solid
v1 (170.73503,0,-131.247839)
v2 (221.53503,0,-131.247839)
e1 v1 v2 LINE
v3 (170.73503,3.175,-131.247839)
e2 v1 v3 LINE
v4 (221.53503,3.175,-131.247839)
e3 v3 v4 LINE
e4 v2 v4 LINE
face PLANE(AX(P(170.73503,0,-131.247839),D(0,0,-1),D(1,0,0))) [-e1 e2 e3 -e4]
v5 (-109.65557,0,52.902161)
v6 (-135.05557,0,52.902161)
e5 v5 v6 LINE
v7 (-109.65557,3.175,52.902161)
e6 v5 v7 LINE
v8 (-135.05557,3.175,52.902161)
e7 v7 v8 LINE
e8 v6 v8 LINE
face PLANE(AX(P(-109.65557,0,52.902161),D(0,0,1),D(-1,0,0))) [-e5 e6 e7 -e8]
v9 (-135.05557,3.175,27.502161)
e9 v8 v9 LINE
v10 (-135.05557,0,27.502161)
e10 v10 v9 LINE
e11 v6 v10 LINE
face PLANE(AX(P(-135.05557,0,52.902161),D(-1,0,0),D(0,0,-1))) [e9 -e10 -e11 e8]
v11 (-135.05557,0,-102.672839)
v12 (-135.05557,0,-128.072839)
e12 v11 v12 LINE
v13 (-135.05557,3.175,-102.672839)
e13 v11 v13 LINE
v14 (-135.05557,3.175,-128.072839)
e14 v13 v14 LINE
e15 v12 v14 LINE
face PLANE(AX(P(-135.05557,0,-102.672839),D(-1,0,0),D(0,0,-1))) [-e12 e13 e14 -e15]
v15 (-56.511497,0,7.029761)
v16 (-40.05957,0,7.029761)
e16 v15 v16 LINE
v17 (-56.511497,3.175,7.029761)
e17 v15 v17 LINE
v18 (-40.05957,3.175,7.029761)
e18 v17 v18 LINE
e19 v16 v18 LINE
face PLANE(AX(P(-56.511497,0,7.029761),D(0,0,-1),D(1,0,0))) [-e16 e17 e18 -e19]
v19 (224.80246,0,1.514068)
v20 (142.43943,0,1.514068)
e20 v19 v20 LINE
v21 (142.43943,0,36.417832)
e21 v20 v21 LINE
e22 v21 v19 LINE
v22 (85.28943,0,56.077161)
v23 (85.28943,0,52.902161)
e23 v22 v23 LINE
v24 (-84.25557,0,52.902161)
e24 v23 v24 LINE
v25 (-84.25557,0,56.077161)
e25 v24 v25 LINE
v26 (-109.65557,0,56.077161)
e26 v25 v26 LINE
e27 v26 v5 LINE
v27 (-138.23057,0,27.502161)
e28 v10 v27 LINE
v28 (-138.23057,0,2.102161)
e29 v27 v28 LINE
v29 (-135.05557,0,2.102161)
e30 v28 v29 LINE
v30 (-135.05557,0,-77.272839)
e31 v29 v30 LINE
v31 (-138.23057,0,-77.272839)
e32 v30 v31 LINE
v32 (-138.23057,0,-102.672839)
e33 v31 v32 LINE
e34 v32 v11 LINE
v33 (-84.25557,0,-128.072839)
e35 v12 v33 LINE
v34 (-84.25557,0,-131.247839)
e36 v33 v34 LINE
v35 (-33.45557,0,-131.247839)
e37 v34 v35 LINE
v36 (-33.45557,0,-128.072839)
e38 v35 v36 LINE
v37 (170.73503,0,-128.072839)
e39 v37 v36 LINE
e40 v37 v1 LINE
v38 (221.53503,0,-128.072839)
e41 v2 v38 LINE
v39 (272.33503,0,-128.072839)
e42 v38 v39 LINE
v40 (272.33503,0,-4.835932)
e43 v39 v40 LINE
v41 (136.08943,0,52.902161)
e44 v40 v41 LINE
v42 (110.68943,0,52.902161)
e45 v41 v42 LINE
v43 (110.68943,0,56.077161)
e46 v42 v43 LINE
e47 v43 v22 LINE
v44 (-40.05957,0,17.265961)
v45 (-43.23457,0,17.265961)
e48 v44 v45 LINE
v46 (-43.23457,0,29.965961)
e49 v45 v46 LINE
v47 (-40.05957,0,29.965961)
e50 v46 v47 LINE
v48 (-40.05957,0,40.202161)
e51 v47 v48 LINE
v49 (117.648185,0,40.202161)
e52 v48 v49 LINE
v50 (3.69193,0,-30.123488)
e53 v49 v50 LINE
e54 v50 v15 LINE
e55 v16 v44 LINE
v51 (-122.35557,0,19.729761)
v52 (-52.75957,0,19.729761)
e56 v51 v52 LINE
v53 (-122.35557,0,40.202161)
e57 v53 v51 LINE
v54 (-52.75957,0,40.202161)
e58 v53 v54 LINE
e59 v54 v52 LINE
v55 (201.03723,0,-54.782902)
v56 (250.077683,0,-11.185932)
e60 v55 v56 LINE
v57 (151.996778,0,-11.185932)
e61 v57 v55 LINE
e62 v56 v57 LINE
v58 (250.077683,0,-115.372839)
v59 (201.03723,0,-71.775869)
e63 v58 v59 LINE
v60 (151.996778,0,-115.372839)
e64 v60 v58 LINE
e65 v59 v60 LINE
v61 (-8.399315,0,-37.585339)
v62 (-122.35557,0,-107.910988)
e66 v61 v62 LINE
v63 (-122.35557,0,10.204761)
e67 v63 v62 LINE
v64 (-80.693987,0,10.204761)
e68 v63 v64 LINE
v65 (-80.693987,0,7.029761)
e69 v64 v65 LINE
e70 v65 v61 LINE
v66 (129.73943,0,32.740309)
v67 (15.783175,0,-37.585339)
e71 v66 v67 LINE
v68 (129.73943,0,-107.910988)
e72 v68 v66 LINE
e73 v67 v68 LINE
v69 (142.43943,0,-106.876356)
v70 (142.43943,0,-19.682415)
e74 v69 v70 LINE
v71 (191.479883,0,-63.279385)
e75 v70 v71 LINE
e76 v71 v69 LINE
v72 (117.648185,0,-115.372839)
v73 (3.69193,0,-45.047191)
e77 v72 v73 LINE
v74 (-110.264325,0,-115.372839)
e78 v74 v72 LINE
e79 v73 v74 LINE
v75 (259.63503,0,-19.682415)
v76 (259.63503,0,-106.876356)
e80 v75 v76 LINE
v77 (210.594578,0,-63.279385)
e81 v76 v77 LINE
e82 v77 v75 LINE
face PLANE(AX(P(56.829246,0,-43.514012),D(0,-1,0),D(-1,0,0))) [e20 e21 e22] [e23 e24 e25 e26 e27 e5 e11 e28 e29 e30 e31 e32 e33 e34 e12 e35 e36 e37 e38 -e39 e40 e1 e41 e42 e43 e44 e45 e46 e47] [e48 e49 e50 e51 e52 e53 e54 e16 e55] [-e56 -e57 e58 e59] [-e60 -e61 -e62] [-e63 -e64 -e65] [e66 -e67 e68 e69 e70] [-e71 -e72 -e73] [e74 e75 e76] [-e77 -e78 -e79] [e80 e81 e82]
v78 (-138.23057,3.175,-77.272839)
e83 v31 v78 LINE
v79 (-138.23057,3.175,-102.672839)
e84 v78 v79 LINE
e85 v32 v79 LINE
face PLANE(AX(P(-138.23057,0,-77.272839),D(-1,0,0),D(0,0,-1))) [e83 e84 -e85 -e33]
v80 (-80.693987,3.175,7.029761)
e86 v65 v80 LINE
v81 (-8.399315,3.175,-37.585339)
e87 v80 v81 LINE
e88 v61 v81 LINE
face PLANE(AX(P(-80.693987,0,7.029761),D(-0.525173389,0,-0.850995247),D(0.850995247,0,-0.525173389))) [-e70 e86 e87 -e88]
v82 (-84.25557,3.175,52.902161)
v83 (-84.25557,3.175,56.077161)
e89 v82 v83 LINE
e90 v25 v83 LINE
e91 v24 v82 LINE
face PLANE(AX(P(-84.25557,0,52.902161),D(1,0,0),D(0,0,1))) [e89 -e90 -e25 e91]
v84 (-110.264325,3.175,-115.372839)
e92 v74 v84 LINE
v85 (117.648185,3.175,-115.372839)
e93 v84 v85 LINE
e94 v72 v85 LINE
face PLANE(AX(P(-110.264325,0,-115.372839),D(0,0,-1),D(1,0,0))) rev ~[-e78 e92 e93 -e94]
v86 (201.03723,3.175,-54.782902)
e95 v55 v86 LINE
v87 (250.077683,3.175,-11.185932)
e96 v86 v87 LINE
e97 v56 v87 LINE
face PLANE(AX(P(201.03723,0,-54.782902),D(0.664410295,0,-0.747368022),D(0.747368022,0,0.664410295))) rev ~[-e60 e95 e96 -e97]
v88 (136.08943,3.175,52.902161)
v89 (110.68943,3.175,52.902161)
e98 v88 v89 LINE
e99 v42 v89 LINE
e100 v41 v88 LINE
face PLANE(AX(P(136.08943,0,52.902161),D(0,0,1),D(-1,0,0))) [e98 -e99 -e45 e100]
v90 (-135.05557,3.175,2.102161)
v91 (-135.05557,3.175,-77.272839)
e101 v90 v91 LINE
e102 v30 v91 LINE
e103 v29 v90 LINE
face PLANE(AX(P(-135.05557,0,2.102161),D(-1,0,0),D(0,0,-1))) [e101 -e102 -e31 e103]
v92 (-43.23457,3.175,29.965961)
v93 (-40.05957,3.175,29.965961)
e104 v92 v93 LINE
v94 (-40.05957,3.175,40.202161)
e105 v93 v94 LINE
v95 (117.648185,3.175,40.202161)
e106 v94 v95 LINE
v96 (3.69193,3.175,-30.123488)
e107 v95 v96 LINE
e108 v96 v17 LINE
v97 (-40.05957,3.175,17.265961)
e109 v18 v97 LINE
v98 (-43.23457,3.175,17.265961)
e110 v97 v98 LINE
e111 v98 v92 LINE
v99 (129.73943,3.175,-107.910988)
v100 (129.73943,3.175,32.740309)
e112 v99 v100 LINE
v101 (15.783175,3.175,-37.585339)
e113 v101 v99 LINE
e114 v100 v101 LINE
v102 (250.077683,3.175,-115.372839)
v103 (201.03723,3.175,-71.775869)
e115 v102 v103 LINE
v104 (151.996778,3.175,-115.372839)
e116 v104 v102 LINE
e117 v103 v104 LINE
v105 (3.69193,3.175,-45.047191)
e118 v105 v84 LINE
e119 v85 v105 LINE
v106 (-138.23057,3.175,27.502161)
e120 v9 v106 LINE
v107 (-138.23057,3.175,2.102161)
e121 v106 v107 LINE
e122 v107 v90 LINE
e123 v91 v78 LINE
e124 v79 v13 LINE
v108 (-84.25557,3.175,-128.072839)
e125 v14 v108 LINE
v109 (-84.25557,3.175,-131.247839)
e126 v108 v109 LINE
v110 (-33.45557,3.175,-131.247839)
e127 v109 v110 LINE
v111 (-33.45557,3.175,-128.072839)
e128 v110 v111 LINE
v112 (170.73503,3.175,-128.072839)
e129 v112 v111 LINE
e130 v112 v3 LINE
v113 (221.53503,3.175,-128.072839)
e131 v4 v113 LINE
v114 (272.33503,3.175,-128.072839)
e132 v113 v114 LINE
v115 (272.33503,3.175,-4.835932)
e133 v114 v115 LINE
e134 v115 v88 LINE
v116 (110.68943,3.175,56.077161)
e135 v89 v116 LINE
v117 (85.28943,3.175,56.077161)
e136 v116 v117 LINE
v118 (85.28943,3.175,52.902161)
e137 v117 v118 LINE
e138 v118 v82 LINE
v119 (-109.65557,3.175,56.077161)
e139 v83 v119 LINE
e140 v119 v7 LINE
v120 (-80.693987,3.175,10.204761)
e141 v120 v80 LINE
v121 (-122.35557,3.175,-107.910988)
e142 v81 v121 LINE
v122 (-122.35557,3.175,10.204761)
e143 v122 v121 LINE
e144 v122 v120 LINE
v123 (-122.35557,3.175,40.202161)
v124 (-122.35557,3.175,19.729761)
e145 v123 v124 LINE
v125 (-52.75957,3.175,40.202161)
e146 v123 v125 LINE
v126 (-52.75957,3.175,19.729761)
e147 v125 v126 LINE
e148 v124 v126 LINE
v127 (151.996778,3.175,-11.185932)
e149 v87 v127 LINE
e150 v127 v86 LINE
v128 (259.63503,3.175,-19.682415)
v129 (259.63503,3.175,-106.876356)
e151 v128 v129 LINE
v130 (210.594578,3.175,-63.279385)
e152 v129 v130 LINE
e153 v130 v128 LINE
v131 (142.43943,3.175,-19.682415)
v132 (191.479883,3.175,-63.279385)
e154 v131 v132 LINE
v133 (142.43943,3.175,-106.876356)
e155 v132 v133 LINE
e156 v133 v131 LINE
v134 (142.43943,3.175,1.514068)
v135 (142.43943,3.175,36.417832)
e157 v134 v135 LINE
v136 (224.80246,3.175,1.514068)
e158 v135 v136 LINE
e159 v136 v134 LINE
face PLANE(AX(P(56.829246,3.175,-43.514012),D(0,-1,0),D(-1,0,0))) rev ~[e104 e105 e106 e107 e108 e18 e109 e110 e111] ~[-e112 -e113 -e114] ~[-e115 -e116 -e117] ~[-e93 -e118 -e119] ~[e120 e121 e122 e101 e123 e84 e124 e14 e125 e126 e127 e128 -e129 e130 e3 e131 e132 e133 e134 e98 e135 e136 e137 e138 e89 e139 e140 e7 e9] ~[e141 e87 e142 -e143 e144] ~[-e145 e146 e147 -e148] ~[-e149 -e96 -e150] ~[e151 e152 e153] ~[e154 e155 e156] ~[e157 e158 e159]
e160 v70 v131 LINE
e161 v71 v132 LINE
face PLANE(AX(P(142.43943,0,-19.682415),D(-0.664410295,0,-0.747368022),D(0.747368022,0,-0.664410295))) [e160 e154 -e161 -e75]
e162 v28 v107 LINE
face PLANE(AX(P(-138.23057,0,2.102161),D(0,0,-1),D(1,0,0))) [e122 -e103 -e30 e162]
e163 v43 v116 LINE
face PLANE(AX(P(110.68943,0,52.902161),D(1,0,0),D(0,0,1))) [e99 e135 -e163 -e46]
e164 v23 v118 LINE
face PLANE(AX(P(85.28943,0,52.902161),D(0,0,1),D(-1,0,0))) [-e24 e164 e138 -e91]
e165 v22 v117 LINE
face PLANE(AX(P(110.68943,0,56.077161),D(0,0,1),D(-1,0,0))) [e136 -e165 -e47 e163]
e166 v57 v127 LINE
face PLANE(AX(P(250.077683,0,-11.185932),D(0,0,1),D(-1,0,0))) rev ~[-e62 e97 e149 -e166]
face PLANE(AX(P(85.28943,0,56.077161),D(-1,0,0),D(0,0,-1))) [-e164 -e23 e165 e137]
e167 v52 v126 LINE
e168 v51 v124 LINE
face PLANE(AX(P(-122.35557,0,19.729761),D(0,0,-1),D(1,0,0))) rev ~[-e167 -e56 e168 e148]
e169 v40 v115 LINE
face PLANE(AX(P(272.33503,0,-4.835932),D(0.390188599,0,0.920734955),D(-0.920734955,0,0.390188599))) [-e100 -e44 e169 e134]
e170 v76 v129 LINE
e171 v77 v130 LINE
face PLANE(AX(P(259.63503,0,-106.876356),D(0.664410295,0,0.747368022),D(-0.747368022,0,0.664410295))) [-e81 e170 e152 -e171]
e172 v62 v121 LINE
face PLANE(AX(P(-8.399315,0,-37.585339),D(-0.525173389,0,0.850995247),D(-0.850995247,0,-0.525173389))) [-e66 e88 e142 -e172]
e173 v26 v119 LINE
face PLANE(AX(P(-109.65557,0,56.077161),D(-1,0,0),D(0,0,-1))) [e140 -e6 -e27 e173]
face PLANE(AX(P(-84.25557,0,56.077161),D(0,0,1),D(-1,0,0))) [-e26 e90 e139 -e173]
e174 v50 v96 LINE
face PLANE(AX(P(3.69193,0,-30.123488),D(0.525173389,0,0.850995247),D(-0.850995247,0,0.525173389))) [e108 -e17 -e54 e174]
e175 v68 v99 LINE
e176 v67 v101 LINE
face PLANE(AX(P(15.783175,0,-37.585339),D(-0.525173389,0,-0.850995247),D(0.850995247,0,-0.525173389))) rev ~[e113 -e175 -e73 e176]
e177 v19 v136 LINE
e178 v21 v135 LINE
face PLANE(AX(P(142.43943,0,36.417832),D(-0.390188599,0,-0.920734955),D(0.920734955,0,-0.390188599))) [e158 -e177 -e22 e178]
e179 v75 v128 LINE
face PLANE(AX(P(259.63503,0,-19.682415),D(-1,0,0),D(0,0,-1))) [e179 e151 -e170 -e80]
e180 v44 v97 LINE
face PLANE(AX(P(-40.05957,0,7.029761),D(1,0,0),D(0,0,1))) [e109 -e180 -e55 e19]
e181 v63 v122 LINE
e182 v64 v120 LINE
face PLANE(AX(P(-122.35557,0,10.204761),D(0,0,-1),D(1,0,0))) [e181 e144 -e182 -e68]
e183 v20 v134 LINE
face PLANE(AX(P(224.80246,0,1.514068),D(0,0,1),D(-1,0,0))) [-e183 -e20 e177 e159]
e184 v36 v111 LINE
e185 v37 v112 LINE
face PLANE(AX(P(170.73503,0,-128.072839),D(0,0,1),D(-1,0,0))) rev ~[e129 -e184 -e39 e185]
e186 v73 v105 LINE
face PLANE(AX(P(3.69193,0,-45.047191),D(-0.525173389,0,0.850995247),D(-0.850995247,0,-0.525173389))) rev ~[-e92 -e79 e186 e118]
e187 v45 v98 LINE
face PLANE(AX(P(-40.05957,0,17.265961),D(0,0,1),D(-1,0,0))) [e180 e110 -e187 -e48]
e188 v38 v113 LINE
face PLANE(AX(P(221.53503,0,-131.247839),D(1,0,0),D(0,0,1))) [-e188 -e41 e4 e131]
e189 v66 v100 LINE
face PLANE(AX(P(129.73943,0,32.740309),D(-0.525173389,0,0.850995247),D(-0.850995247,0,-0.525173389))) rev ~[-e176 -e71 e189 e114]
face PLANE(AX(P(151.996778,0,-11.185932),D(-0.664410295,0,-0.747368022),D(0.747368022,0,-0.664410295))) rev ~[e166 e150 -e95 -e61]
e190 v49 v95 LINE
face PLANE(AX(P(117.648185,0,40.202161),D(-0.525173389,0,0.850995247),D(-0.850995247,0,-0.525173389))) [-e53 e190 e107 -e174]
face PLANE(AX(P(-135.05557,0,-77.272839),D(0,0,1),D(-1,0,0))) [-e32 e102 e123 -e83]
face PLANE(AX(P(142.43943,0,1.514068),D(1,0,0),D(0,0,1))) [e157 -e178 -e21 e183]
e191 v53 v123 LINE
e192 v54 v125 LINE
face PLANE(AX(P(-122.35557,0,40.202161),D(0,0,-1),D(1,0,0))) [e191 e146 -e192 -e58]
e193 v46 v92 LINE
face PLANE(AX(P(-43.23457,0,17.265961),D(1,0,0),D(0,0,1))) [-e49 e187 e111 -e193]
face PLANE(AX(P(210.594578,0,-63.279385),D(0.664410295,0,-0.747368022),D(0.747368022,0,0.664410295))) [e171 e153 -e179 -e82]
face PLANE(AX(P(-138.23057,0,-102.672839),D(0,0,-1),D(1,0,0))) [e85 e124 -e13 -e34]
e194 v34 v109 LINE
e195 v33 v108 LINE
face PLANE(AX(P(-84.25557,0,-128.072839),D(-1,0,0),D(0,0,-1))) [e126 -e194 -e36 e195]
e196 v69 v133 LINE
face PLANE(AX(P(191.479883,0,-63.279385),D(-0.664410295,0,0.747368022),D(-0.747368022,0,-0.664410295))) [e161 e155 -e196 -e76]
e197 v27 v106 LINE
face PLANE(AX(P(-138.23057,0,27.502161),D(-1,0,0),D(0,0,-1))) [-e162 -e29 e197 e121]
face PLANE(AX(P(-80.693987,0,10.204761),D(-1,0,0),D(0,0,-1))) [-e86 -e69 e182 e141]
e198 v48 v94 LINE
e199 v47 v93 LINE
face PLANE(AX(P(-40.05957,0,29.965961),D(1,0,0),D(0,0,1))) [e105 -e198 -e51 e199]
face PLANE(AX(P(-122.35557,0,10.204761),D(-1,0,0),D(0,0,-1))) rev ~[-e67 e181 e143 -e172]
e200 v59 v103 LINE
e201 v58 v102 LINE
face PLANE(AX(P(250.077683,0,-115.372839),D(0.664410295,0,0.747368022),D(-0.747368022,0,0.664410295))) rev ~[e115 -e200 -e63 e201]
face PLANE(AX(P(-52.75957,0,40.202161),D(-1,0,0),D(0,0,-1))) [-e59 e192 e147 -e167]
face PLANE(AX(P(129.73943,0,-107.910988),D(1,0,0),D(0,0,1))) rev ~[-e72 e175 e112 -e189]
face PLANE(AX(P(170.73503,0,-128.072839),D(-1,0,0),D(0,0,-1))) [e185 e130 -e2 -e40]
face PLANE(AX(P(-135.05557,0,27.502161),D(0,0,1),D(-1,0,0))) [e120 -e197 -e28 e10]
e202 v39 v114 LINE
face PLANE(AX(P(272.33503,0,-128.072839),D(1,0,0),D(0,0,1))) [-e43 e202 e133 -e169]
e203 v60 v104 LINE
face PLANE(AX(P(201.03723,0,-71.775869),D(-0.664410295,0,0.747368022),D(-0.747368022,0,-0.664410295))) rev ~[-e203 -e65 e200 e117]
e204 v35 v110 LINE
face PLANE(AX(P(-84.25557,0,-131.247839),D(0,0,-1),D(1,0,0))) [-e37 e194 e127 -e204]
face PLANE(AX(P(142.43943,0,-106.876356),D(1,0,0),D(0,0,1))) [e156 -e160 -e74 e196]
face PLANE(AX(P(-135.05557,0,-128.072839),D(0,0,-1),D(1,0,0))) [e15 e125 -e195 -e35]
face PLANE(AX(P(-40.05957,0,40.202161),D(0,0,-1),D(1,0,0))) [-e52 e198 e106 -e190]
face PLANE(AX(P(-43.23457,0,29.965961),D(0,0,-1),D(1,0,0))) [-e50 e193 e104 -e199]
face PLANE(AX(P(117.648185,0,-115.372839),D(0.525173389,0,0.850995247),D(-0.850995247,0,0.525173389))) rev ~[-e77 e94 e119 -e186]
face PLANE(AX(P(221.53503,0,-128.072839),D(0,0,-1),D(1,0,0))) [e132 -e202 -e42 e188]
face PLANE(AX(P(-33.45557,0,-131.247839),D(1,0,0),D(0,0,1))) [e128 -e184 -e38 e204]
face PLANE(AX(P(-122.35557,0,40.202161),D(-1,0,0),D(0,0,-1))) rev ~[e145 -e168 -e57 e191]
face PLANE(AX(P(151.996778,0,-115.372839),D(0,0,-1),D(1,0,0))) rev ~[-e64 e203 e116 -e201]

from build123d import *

# Parameters (mm, degrees)
SKETCH1_W           = 69.596
SKETCH1_H           = 20.4724
BOSS_EXTRUDE1_DEPTH = 3.175


with BuildPart() as part:
    # Sketch1 → Boss-Extrude1 (new body)
    with BuildSketch(Plane(origin=(0, 0, 0), x_dir=(1, 0, 0), z_dir=(0, 1, 0))):
        Polygon((272.33503015, 4.835931583), (136.08943015, -52.902160647), (110.68943015, -52.902160647), (110.68943015, -56.077160647), (85.28943015, -56.077160647), (85.28943015, -52.902160647), (-84.25556985, -52.902160647), (-84.25556985, -56.077160647), (-109.65556985, -56.077160647), (-109.65556985, -52.902160647), (-135.05556985, -52.902160647), (-135.05556985, -27.502160647), (-138.23056985, -27.502160647), (-138.23056985, -2.102160647), (-135.05556985, -2.102160647), (-135.05556985, 77.272839353), (-138.23056985, 77.272839353), (-138.23056985, 102.672839353), (-135.05556985, 102.672839353), (-135.05556985, 128.072839353), (-84.25556985, 128.072839353), (-84.25556985, 131.247839353), (-33.45556985, 131.247839353), (-33.45556985, 128.072839353), (136.08943015, 128.072839353), (170.73503015, 128.072839353), (170.73503015, 131.247839353), (221.53503015, 131.247839353), (221.53503015, 128.072839353), (272.33503015, 128.072839353), align=None)
        Polygon((201.03723015, 54.782902056), (250.077682757, 11.185931583), (151.996777543, 11.185931583), align=None, mode=Mode.SUBTRACT)
        Polygon((-56.511497321, -7.029760647), (-40.05956985, -7.029760647), (-40.05956985, -17.265960647), (-43.23456985, -17.265960647), (-43.23456985, -29.965960647), (-40.05956985, -29.965960647), (-40.05956985, -40.202160647), (117.648185377, -40.202160647), (3.69193015, 30.123488044), align=None, mode=Mode.SUBTRACT)
        Polygon((210.594577543, 63.279385468), (259.63503015, 19.682414995), (259.63503015, 106.87635594), align=None, mode=Mode.SUBTRACT)
        Polygon((142.43943015, -1.514068417), (142.43943015, -36.417831993), (224.802459945, -1.514068417), align=None, mode=Mode.SUBTRACT)
        Polygon((151.996777543, 115.372839353), (250.077682757, 115.372839353), (201.03723015, 71.77586888), align=None, mode=Mode.SUBTRACT)
        Polygon((142.43943015, 106.87635594), (142.43943015, 19.682414995), (191.479882757, 63.279385468), align=None, mode=Mode.SUBTRACT)
        Polygon((-110.264325076, 115.372839353), (117.648185377, 115.372839353), (3.69193015, 45.047190661), align=None, mode=Mode.SUBTRACT)
        Polygon((-122.35556985, 107.910988044), (-122.35556985, -7.029760647), (-122.35556985, -10.204760647), (-80.693986868, -10.204760647), (-80.693986868, -7.029760647), (-8.399314623, 37.585339353), align=None, mode=Mode.SUBTRACT)
        Polygon((129.73943015, 107.910988044), (129.73943015, -32.740309339), (15.783174924, 37.585339353), align=None, mode=Mode.SUBTRACT)
        with Locations((-87.55756985, -29.965960647)):
            Rectangle(SKETCH1_W, SKETCH1_H, mode=Mode.SUBTRACT)
    extrude(amount=BOSS_EXTRUDE1_DEPTH)


solid = part.part
